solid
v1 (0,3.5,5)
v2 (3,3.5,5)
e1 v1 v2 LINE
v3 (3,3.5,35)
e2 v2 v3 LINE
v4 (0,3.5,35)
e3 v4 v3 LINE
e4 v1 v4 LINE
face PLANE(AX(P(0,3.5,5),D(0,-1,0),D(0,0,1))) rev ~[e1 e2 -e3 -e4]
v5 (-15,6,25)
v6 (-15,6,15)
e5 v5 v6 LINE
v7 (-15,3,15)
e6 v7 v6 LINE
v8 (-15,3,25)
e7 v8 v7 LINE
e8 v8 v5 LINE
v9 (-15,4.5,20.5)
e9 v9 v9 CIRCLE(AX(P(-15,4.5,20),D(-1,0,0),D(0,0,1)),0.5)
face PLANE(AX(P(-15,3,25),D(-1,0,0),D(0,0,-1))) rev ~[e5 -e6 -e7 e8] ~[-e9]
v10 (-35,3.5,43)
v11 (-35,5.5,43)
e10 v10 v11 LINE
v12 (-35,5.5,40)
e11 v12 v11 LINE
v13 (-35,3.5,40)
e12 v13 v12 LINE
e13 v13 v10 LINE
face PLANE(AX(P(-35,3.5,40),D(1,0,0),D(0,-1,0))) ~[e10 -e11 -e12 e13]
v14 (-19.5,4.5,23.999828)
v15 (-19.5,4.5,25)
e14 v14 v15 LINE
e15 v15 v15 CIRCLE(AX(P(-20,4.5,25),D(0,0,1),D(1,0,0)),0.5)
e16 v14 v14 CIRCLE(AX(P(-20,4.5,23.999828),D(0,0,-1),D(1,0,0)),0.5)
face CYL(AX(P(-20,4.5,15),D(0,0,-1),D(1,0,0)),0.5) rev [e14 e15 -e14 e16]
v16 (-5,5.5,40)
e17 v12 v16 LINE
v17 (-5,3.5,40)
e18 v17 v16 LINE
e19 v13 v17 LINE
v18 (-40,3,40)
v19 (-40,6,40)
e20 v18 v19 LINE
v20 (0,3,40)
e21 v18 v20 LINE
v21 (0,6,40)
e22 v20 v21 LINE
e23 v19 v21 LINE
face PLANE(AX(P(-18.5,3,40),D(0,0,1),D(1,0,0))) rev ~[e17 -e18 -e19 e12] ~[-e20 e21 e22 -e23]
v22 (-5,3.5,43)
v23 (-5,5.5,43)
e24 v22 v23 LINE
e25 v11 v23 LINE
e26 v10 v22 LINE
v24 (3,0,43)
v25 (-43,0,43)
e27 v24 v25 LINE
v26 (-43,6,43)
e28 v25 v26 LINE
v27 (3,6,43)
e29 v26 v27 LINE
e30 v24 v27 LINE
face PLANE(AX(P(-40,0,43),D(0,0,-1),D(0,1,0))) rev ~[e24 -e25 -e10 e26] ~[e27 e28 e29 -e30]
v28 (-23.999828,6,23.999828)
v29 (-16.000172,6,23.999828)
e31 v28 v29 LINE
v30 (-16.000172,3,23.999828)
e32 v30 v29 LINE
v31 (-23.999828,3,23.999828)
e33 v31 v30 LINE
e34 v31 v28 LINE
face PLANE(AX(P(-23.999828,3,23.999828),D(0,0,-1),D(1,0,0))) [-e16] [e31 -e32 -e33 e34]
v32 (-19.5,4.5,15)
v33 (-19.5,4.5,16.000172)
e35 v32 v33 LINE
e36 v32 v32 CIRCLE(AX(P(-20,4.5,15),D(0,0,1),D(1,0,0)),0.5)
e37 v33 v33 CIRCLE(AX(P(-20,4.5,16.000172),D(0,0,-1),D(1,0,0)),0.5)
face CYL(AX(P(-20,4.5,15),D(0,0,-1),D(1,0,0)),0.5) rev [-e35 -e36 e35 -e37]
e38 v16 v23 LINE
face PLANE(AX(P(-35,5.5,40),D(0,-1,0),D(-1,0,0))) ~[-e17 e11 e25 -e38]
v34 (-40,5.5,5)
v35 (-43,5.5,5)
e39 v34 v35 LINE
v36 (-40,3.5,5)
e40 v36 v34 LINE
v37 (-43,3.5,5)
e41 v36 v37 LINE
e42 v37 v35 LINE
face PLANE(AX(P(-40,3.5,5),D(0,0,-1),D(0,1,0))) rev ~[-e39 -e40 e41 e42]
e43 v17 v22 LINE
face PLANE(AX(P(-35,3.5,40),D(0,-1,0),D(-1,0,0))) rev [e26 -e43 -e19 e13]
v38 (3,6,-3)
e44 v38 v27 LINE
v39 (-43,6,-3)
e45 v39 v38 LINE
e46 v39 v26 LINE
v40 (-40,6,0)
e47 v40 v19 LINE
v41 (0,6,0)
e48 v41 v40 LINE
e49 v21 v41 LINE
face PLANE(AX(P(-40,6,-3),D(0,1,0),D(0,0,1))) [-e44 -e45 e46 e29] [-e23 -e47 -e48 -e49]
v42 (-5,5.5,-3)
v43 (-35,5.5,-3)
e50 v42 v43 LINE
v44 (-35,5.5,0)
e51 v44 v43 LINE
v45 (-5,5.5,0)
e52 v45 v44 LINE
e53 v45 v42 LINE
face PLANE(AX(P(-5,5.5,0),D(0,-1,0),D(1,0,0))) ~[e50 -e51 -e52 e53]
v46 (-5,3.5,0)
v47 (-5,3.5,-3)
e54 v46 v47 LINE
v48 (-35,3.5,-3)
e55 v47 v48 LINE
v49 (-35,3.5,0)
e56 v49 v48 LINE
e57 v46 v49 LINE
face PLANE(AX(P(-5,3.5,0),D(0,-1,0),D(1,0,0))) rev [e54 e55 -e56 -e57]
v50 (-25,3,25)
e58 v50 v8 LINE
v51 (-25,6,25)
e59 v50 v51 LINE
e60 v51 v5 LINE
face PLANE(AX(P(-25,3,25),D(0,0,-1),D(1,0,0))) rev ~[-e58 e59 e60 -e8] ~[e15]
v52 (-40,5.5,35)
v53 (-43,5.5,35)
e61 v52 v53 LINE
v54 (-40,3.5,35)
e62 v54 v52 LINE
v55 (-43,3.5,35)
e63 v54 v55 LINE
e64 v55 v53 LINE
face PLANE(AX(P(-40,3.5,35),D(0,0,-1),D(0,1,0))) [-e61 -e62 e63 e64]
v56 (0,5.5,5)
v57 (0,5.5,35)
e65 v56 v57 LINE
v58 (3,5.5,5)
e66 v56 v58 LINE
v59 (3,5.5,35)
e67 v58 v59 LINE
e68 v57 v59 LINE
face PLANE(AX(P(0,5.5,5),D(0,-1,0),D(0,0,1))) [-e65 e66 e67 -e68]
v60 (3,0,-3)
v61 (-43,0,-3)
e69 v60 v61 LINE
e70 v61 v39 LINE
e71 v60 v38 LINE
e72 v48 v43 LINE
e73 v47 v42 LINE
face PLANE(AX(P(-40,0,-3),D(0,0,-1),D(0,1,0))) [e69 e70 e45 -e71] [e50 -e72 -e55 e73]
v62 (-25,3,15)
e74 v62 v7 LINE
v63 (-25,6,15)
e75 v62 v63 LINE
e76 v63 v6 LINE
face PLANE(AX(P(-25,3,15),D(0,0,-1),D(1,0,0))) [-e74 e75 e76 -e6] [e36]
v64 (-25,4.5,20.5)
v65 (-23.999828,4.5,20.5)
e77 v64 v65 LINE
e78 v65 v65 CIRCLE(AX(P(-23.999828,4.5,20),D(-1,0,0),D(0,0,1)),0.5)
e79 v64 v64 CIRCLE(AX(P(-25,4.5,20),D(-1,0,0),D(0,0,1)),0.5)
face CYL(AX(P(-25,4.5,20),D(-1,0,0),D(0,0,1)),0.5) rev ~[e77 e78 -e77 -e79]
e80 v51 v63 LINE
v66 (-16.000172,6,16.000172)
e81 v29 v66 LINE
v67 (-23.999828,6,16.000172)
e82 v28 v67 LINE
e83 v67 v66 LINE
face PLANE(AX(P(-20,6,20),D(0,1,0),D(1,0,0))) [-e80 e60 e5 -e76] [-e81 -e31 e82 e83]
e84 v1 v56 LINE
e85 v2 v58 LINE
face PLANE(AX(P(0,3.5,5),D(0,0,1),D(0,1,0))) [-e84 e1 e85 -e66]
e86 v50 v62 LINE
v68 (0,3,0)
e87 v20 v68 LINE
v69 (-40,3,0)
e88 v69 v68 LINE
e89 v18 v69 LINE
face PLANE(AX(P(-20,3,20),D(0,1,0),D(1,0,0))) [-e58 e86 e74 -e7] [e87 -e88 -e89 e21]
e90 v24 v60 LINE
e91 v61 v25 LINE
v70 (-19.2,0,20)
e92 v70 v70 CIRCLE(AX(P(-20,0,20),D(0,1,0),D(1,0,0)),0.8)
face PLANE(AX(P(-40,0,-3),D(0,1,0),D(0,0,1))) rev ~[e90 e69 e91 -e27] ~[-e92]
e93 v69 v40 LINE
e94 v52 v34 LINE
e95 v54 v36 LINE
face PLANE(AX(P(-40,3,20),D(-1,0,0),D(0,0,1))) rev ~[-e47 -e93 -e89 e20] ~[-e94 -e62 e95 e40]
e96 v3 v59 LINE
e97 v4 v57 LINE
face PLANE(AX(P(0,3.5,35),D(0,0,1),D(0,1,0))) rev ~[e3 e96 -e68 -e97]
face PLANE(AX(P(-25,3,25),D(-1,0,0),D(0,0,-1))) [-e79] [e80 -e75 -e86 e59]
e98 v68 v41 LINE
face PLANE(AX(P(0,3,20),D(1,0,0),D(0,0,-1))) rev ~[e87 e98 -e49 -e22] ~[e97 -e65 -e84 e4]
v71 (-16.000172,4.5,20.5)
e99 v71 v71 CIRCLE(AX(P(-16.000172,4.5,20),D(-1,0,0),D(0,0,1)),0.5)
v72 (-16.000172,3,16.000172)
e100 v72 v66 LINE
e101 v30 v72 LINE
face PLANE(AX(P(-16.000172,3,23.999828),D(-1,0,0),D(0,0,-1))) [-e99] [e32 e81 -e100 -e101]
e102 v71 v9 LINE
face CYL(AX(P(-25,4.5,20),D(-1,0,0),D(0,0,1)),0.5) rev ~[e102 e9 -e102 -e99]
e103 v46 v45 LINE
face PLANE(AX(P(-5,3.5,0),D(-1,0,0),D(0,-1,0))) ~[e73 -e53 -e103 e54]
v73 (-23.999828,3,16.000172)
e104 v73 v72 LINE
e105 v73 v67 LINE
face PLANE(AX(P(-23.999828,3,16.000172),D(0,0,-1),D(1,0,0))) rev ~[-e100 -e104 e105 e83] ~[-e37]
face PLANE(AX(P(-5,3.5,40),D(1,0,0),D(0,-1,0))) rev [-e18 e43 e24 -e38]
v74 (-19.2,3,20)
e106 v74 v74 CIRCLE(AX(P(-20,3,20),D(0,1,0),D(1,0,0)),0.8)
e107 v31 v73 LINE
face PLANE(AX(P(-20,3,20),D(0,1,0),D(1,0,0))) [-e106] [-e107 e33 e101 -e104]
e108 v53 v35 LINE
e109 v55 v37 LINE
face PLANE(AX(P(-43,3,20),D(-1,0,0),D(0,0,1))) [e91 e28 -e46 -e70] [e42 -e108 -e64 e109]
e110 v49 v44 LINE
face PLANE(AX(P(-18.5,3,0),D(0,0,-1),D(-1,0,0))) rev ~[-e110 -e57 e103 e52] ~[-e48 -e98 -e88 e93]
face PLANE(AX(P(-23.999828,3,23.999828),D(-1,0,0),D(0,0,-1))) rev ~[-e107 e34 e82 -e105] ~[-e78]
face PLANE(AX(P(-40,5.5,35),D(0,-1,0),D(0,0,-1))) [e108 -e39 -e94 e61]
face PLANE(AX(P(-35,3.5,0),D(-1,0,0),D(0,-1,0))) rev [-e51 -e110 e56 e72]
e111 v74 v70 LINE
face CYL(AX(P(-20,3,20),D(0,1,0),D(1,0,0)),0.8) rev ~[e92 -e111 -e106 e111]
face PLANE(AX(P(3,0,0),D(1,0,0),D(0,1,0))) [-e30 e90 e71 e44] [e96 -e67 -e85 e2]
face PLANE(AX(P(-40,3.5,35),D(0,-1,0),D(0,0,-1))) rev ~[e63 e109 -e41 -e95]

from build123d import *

# Parameters (mm, degrees)
SKETCH1_W               = 40
SKETCH1_H               = 40
BOSS_EXTRUDE1_DEPTH     = 3
SKETCH2_W               = 40
SKETCH2_H               = 6
BOSS_EXTRUDE2_DEPTH     = 3
SKETCH4_W               = 43
SKETCH4_H               = 6
BOSS_EXTRUDE3_DEPTH     = 3
SKETCH5_W               = 43
SKETCH5_H               = 6
BOSS_EXTRUDE4_DEPTH     = 3
SKETCH6_W               = 46
SKETCH6_H               = 6
BOSS_EXTRUDE5_DEPTH     = 3
SKETCH7_W               = 30
SKETCH7_H               = 2
CUT_EXTRUDE1_DEPTH      = 3
MIRROR2_COPY_1_SKETCH_W = 30
MIRROR2_COPY_1_SKETCH_H = 2
MIRROR2_COPY_1_DEPTH    = 3
SKETCH8_W               = 10
SKETCH8_H               = 10
SKETCH8_W_2             = 7.999655552
SKETCH8_H_2             = 7.999655552
BOSS_EXTRUDE6_DEPTH     = 3
SKETCH9_R               = 0.8
CUT_EXTRUDE2_DEPTH      = 3
SKETCH10_R              = 0.5
CUT_EXTRUDE3_DEPTH      = 10


with BuildPart() as part:
    # Sketch1 → Boss-Extrude1 (new body)
    with BuildSketch(Plane(origin=(0, 0, 0), x_dir=(1, 0, 0), z_dir=(0, 1, 0))):
        with Locations((-20, -20)):
            Rectangle(SKETCH1_W, SKETCH1_H)
    extrude(amount=BOSS_EXTRUDE1_DEPTH)



with BuildPart() as body_2:
    # Sketch2 → Boss-Extrude2 (new body)
    with BuildSketch(Plane(origin=(0, 0, 0), x_dir=(0, 0, -1), z_dir=(1, 0, 0))):
        with Locations((-20, 3)):
            Rectangle(SKETCH2_W, SKETCH2_H)
    extrude(amount=BOSS_EXTRUDE2_DEPTH)


with BuildPart() as part_1:
    add(part.part)

    add(body_2.part)  # Boss-Extrude3 merges body 2
    # Sketch4 → Boss-Extrude3 (add)
    with BuildSketch(Plane.XY.offset(40)):
        with Locations((-18.5, 3)):
            Rectangle(SKETCH4_W, SKETCH4_H)
    extrude(amount=BOSS_EXTRUDE3_DEPTH)

    # Sketch5 → Boss-Extrude4 (add)
    with BuildSketch(Plane(origin=(0, 0, 0), x_dir=(-1, 0, 0), z_dir=(0, 0, -1))):
        with Locations((18.5, 3)):
            Rectangle(SKETCH5_W, SKETCH5_H)
    extrude(amount=BOSS_EXTRUDE4_DEPTH)

    # Sketch6 → Boss-Extrude5 (add)
    with BuildSketch(Plane.ZY.offset(40)):
        with Locations((20, 3)):
            Rectangle(SKETCH6_W, SKETCH6_H)
    extrude(amount=BOSS_EXTRUDE5_DEPTH)

    # Sketch7 → Cut-Extrude1 (cut)
    with BuildSketch(Plane.ZY):
        with Locations((20, 4.5)):
            Rectangle(SKETCH7_W, SKETCH7_H)
    cut_extrude1 = extrude(amount=-CUT_EXTRUDE1_DEPTH, mode=Mode.SUBTRACT)

    # Mirror1: Cut-Extrude1 across plane
    add(cut_extrude1.mirror(Plane(origin=(0, 0, 0), x_dir=(-0.707106781, 0, 0.707106781), z_dir=(0.707106781, 0, 0.707106781))), mode=Mode.SUBTRACT)

    # Mirror2: Cut-Extrude1 across plane
    add(cut_extrude1.mirror(Plane(origin=(-20, 0, 20), x_dir=(0.707106781, 0, 0.707106781), z_dir=(0.707106781, 0, -0.707106781))), mode=Mode.SUBTRACT)

    # Mirror2 copy 1 sketch → Mirror2 copy 1 (cut)
    with BuildSketch(Plane(origin=(-40, 0, 40), x_dir=(0, 0, -1), z_dir=(1, 0, 0))):
        with Locations((20, 4.5)):
            Rectangle(MIRROR2_COPY_1_SKETCH_W, MIRROR2_COPY_1_SKETCH_H)
    extrude(amount=-MIRROR2_COPY_1_DEPTH, mode=Mode.SUBTRACT)

    # Sketch8 → Boss-Extrude6 (add)
    with BuildSketch(Plane(origin=(0, 3, 0), x_dir=(1, 0, 0), z_dir=(0, 1, 0))):
        with Locations((-20, -20)):
            Rectangle(SKETCH8_W, SKETCH8_H)
        with Locations((-20, -20)):
            Rectangle(SKETCH8_W_2, SKETCH8_H_2, mode=Mode.SUBTRACT)
    extrude(amount=BOSS_EXTRUDE6_DEPTH)

    # Sketch9 → Cut-Extrude2 (cut)
    with BuildSketch(Plane(origin=(0, 3, 0), x_dir=(1, 0, 0), z_dir=(0, 1, 0))):
        with Locations((-20, -20)):
            Circle(SKETCH9_R)
    extrude(amount=-CUT_EXTRUDE2_DEPTH, mode=Mode.SUBTRACT)

    # Sketch10 → Cut-Extrude3 (cut)
    with BuildSketch(Plane.ZY.offset(25)):
        with Locations((20, 4.5)):
            Circle(SKETCH10_R)
    cut_extrude3 = extrude(amount=-CUT_EXTRUDE3_DEPTH, mode=Mode.SUBTRACT)

    # Mirror3: Cut-Extrude3 across plane
    add(cut_extrude3.mirror(Plane(origin=(-20, 0, 20), x_dir=(0.707106781, 0, 0.707106781), z_dir=(0.707106781, 0, -0.707106781))), mode=Mode.SUBTRACT)


solid = part_1.part
